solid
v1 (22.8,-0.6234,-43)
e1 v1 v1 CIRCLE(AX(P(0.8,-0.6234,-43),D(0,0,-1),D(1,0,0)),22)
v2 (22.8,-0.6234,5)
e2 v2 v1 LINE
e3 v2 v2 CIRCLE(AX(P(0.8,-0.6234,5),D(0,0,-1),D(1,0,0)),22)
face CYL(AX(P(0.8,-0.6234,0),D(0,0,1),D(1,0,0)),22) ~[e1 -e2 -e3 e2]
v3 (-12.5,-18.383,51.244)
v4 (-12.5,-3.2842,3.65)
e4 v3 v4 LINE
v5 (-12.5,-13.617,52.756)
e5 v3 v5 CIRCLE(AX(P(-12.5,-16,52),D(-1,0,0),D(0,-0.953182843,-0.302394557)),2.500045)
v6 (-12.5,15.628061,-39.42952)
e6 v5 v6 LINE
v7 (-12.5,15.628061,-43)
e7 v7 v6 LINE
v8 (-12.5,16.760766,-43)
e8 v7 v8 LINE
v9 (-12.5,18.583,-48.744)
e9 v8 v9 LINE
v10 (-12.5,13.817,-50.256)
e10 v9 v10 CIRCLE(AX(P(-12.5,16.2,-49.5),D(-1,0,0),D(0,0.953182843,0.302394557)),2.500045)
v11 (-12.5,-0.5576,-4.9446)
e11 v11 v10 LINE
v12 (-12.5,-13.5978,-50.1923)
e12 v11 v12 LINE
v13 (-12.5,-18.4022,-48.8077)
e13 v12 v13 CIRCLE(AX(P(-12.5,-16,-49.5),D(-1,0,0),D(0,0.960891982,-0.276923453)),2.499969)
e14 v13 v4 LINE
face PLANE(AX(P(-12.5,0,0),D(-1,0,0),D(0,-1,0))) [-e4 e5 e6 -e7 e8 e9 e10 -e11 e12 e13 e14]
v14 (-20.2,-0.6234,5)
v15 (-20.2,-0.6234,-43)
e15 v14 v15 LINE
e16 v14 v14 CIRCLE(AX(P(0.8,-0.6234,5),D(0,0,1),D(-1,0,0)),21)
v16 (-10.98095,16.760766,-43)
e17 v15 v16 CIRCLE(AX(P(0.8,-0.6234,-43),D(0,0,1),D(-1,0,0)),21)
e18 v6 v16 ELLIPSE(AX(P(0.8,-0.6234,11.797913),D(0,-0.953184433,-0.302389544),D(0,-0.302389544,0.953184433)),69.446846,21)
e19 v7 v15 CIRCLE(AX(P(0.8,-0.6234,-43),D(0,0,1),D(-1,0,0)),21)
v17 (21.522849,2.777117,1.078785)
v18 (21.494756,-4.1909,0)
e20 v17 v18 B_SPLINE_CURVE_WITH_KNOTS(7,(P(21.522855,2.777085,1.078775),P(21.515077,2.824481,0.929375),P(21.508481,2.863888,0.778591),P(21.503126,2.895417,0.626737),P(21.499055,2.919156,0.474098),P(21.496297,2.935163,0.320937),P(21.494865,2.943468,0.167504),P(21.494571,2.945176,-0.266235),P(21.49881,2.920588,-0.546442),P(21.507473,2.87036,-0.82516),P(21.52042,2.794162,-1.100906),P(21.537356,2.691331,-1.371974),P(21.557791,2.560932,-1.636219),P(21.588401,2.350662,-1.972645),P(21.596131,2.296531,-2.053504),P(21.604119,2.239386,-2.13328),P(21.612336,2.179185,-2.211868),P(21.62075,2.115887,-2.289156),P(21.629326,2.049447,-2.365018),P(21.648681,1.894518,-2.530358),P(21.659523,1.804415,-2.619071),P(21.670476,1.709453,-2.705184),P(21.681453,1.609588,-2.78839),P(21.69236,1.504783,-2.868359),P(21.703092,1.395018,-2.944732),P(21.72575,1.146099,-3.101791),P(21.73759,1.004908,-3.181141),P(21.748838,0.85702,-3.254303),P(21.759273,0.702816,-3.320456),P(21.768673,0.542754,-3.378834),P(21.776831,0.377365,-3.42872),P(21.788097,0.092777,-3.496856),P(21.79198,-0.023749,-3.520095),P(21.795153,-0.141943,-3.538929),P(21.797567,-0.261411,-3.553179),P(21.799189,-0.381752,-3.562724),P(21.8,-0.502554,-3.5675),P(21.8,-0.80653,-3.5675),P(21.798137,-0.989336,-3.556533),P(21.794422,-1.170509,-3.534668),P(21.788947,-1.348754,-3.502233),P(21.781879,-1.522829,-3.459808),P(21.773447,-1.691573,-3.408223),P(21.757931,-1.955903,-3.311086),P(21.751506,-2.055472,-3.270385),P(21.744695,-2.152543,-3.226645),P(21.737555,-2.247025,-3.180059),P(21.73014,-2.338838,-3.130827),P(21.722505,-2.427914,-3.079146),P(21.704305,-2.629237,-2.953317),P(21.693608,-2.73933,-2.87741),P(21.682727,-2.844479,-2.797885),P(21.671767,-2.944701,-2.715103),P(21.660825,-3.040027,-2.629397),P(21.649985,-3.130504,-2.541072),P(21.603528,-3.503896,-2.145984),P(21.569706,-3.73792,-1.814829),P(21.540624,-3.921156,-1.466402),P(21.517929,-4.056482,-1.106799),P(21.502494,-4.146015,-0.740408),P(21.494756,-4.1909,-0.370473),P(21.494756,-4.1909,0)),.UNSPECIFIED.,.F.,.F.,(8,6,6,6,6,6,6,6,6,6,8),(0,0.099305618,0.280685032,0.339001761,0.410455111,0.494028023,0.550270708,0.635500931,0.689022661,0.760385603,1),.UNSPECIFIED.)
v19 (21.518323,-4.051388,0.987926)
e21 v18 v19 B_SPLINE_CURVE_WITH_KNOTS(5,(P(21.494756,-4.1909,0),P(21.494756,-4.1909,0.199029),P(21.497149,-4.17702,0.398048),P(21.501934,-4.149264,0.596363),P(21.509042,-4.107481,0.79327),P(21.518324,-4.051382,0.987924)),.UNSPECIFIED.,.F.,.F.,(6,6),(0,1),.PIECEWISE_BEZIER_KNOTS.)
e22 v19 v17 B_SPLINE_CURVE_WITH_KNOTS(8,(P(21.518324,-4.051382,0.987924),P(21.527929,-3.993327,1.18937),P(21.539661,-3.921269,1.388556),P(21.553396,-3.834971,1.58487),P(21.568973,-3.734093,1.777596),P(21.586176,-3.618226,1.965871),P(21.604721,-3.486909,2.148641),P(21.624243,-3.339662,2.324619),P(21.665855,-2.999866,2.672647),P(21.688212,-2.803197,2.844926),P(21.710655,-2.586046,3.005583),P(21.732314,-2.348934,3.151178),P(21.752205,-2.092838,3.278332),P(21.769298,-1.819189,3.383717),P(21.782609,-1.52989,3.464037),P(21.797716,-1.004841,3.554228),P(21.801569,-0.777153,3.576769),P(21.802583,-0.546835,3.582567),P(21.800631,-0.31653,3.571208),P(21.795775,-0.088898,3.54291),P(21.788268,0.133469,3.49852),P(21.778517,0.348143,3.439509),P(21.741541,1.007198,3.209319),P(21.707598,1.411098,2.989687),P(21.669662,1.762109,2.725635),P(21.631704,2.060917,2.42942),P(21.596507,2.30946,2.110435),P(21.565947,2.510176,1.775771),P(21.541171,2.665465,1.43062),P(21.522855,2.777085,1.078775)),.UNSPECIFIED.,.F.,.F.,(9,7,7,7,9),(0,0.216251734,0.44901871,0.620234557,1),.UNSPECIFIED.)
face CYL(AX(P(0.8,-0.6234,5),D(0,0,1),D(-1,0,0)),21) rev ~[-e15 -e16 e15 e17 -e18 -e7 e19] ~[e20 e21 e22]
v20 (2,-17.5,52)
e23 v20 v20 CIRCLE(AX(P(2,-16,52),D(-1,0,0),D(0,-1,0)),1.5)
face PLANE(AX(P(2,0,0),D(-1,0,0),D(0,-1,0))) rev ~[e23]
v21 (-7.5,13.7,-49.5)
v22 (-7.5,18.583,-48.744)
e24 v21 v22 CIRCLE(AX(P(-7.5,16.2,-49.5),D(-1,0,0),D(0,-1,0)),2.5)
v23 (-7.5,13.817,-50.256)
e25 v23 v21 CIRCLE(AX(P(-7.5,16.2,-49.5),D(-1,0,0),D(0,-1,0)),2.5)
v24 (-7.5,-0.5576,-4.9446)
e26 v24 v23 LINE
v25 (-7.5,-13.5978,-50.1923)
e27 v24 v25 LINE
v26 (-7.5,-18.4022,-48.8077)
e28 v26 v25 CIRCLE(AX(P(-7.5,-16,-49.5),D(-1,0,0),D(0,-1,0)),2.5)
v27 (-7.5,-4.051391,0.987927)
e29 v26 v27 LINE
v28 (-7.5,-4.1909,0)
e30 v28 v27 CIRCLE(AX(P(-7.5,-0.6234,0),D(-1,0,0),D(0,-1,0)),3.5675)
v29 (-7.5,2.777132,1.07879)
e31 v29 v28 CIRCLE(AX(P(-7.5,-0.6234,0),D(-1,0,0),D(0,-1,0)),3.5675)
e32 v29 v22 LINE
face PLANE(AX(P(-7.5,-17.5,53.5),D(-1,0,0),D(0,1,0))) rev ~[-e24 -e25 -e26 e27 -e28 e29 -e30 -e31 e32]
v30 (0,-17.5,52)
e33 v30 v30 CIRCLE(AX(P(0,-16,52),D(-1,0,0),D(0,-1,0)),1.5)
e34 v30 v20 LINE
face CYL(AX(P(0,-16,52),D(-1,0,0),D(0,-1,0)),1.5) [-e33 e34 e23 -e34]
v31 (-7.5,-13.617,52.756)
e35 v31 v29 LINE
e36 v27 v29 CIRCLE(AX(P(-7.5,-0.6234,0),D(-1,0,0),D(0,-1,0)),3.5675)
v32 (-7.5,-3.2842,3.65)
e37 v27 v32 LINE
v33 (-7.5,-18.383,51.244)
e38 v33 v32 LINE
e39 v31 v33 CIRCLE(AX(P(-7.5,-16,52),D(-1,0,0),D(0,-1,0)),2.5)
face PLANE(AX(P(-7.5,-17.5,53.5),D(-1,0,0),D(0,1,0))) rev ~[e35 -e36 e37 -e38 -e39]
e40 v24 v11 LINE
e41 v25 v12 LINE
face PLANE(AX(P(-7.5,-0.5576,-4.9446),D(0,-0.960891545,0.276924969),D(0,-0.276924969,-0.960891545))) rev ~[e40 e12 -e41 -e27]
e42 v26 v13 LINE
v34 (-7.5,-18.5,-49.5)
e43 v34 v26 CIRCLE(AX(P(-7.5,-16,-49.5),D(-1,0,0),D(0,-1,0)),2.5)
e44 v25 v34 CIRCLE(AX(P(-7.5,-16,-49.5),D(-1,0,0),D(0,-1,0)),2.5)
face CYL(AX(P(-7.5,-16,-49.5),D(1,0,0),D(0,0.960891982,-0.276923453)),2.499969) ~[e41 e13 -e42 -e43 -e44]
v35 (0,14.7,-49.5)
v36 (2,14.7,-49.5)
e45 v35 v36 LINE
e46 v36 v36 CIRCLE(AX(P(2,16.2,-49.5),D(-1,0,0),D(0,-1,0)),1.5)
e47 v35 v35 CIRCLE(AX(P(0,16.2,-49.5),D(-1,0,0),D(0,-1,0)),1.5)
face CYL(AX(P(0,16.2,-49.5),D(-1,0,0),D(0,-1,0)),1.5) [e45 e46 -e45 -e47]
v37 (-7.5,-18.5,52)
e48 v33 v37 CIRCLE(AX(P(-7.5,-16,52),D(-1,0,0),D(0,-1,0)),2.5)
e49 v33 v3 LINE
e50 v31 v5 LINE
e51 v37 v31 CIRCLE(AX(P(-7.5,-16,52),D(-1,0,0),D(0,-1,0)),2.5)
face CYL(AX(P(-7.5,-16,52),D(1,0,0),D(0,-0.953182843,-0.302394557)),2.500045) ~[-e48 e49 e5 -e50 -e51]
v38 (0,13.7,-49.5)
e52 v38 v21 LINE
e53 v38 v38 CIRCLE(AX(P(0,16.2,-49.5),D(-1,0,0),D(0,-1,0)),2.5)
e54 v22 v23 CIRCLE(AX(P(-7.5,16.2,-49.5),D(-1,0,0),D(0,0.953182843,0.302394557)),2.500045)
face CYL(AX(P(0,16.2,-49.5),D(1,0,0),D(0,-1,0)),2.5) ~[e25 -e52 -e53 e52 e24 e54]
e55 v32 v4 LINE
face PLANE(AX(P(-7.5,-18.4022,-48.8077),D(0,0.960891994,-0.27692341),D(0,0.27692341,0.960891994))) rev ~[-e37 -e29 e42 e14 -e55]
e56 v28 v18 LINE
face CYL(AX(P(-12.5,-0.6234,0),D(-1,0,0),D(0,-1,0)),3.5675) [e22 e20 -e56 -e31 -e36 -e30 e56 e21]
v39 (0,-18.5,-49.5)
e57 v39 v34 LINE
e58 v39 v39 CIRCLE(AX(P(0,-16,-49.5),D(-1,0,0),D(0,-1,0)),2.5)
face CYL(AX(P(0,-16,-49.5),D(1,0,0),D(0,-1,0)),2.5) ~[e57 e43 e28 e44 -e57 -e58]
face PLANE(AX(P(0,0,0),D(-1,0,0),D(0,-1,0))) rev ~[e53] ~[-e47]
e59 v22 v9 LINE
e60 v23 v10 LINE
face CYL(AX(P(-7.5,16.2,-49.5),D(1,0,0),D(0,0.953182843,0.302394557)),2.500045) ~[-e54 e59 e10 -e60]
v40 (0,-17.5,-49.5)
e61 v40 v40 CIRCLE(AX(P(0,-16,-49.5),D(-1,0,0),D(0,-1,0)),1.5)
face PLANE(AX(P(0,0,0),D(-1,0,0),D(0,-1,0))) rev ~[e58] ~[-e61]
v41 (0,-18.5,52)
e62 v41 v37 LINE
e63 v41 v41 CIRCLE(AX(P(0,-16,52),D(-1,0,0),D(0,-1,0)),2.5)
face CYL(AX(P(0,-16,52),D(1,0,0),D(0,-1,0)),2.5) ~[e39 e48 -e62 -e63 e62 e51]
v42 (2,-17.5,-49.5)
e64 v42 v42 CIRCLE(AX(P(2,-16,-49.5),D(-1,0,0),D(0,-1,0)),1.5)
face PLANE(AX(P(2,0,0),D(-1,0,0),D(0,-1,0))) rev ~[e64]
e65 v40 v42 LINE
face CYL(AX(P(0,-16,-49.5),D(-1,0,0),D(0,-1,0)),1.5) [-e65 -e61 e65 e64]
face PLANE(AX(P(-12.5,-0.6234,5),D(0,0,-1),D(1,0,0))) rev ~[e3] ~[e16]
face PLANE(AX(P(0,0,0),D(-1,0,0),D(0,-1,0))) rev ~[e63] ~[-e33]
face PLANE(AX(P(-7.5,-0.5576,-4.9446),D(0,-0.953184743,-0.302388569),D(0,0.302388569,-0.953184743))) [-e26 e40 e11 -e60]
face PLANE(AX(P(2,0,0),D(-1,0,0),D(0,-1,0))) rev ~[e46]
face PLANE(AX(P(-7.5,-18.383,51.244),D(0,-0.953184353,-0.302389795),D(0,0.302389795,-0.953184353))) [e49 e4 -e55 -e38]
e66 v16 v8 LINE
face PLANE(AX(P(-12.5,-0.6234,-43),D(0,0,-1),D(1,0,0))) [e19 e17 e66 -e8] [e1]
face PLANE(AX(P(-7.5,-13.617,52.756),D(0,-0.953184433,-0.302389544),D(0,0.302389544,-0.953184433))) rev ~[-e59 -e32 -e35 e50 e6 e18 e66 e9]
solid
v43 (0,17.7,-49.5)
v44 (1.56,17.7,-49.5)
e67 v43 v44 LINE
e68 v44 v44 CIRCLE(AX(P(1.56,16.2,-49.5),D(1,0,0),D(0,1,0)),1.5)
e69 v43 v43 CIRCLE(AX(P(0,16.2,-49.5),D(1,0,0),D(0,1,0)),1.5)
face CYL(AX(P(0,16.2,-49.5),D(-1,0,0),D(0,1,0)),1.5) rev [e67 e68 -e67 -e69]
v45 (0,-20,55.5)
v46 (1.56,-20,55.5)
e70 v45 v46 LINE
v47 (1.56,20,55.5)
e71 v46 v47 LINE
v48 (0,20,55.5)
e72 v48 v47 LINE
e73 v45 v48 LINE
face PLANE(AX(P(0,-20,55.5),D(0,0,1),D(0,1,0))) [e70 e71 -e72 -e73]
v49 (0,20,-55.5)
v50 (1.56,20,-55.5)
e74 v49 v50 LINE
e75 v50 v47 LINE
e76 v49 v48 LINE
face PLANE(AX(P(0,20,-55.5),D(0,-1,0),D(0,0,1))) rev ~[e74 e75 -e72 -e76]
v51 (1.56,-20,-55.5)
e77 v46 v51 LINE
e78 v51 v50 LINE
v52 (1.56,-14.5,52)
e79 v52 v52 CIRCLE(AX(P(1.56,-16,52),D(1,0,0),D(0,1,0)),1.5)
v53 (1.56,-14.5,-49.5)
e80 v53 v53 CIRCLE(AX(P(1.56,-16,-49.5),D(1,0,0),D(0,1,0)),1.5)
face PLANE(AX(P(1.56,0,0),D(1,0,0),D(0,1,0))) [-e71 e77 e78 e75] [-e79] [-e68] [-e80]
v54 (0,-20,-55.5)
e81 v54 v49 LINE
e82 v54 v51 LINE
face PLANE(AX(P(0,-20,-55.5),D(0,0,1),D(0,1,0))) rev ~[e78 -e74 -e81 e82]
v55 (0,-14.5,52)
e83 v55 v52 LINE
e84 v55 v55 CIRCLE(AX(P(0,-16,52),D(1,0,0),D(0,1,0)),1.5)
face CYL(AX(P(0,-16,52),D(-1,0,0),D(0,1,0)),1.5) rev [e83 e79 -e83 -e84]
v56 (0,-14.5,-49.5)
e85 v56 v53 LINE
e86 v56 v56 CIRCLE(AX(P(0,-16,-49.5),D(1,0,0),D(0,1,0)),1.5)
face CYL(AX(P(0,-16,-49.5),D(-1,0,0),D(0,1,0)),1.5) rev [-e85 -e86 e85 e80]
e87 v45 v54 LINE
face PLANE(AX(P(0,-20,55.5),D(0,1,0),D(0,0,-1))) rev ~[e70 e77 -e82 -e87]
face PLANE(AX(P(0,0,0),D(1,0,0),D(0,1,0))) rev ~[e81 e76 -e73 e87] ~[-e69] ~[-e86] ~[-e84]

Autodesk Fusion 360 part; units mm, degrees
sketch "Sketch1" plane through (0, 0, 0) normal (1, 0, 0) x (0, 1, 0) in component "chipshouter pcb"
  line L0 (-20, 55.5) -> (20, 55.5)
  line L1 (-20, 55.5) -> (-20, -55.5)
  line L2 (-20, -55.5) -> (20, -55.5)
  line L3 (20, -55.5) -> (20, 55.5)
  line L4 (20, 55.5) -> (-20, -55.5) construction
  circle A0 centre (-16, 52) radius 1.5
  circle A1 centre (-16, -49.5) radius 1.5
  circle A2 centre (16.2, -49.5) radius 1.5
  dimension "d1" = 40
  dimension "d2" = 111
  dimension "d3" = 3
  dimension "d5" = 3.5
  dimension "d6" = 4
  dimension "d7" = 3
  dimension "d8" = 6
  dimension "d9" = 4
  dimension "d10" = 3
  dimension "d11" = 6
  dimension "d12" = 3.8
extrude "Extrude1" add sketch "Sketch1" along normal blind 1.56 makes body 1 in component "chipshouter pcb"
sketch "Sketch2" plane through (0, 0, 0) normal (-1, 0, 0) x (0, -1, 0) in component "pcb holder"
  circle A0 centre (-16.2, -49.5) radius 1.5
  circle A1 centre (16, -49.5) radius 1.5
  circle A2 centre (16, 52) radius 1.5
  line L0 (20, -55.5) -> (20, 55.5)
  line L1 (20, 55.5) -> (-20, 55.5)
  line L2 (-20, 55.5) -> (-20, -55.5)
  line L3 (-20, -55.5) -> (20, -55.5)
  circle A3 centre (16, 52) radius 1.5
  circle A4 centre (16, -49.5) radius 1.5
  circle A5 centre (-16.2, -49.5) radius 1.5
  dimension "d15" = 3
  dimension "d16" = 3
  dimension "d17" = 3
extrude "Extrude1'" add sketch "Sketch2" against normal blind 2 separate body contours A2 A3 makes body 2 in component "pcb holder"
extrude "Extrude2" add sketch "Sketch2" against normal blind 2 separate body contours A1 A4 makes body 3 in component "pcb holder"
extrude "Extrude3" add sketch "Sketch2" against normal blind 2 separate body contours A0 A5 makes body 4 in component "pcb holder"
sketch "Sketch3" plane through (0, 0, 0) normal (-1, 0, 0) x (0, -1, 0) in component "pcb holder"
  circle A0 centre (16, 52) radius 2.5
  circle A1 centre (16, -49.5) radius 2.5
  circle A2 centre (-16.2, -49.5) radius 2.5
  point P0 (16, 52)
  point P1 (16, -49.5)
  point P2 (-16.2, -49.5)
  dimension "d24" = 5
  dimension "d25" = 5
  dimension "d26" = 5
extrude "Extrude4" add sketch "Sketch3" along normal blind 7.5 contours A2 bodies 4 in component "pcb holder"
extrude "Extrude5" add sketch "Sketch3" along normal blind 7.5 contours A1 bodies 3 in component "pcb holder"
extrude "Extrude6" add sketch "Sketch3" along normal blind 7.5 contours A0 bodies 2 in component "pcb holder"
sketch "Sketch5" plane through (-7.5, 0, 0) normal (-1, 0, 0) x (0, -1, 0) in component "pcb holder"
  circle A0 centre (16, 52) radius 2.5
  point P0 (16, 52)
sketch "Sketch6" plane through (-7.5, 0, 0) normal (-1, 0, 0) x (0, -1, 0) in component "pcb holder"
  circle A0 centre (16, -49.5) radius 2.5
  point P0 (16, -49.5)
sketch "Sketch7" plane through (-7.5, 0, 0) normal (-1, 0, 0) x (0, -1, 0) in component "pcb holder"
  circle A0 centre (-16.2, -49.5) radius 2.5
  point P0 (-16.2, -49.5)
ref_plane "WorkPlane1" through (-7.5, -16, 52) normal (-1, 0, 0) x (0, -1, 0) in component "pcb holder"
sketch "Sketch8" plane through (-7.5, -17.5, 53.5) normal (-1, 0, 0) x (0, 1, 0) in component "pcb holder"
  line L0 (-0.883, 2.256) -> (31.317, 103.756) construction
  line L1 (3.883, 0.744) -> (36.083, 102.244)
  circle A0 centre (1.5, 1.5) radius 2.5 construction
  circle A1 centre (33.7, 103) radius 2.5 construction
  line L2 (0, 0) -> (33.7, 103) construction
  circle A2 centre (16.85, 51.5) radius 2.0119 construction
  circle A3 centre (1.5, 103) radius 2.5 construction
  line L3 (3.9022, 103.6923) -> (18.7832, 52.0571) construction
  circle A4 centre (1.5, 103) radius 2.5 construction
  line L4 (16.9424, 58.4446) -> (3.9022, 103.6923)
  line L5 (-0.9022, 102.3077) -> (14.2158, 49.85)
  line L6 (16.9424, 58.4446) -> (31.317, 103.756)
  line L7 (-0.883, 2.256) -> (14.2158, 49.85)
  arc A5 (-0.883, 2.256) -> (3.883, 0.744) centre (1.5, 1.5) ccw
  arc A6 (36.083, 102.244) -> (31.317, 103.756) centre (33.7, 103) ccw
  arc A7 (3.9022, 103.6923) -> (-0.9022, 102.3077) centre (1.5, 103) ccw
  point P0 (16.85, 51.5)
extrude "Extrude7" add sketch "Sketch8" along normal blind 5 bodies 2 3 4 in component "pcb holder"
sketch "Sketch9" plane through (-12.5, 0, 0) normal (-1, 0, 0) x (0, -1, 0) in component "pcb holder"
  line L0 (0.5576, -4.9446) -> (13.5978, -50.1923)
  arc A0 (13.5978, -50.1923) -> (18.4022, -48.8077) centre (16, -49.5) ccw
  line L1 (18.4022, -48.8077) -> (3.2842, 3.65)
  line L2 (3.2842, 3.65) -> (18.383, 51.244)
  arc A1 (18.383, 51.244) -> (13.617, 52.756) centre (16, 52) ccw
  line L3 (13.617, 52.756) -> (-18.583, -48.744)
  arc A2 (-18.583, -48.744) -> (-13.817, -50.256) centre (-16.2, -49.5) ccw
  line L4 (-13.817, -50.256) -> (0.5576, -4.9446)
  circle A3 centre (0.6234, 0) radius 3.5675
  line L5 (0.6234, 0) -> (-3.1193, 0) construction
  point P0 (0.6234, 0)
sketch "Sketch10" plane through (0, 2.8341, 0.8991) normal (0, 0.9532, 0.3024) x (-1, 0, 0) in component "pcb holder"
  line L0 (7.5, 54.4038) -> (7.5, -52.0813)
  line L1 (7.5, -52.0813) -> (12.5, -52.0813)
  line L2 (12.5, -52.0813) -> (12.5, 54.4038)
  line L3 (12.5, 54.4038) -> (7.5, 54.4038)
  line L4 (12.5, -0.9433) -> (7.5, -0.9433) construction
  point P0 (12.5, 0.1885)
  point P1 (12.5, -0.9433)
ref_plane "WorkPlane2" through (-12.5, -0.6234, 0) normal (0, 0, -1) x (-1, 0, 0) in component "pcb holder"
sketch "Sketch11" plane through (-12.5, -0.6234, 0) normal (0, 0, -1) x (1, 0, 0) in component "pcb holder"
  circle A0 centre (13.3, 0) radius 22
  line L0 (0, 0) -> (13.3, 0) construction
  dimension "d35" = 44
  dimension "d49" = 13.3
extrude "Extrude8" add sketch "Sketch11" along normal blind 43 separate body makes body 5 in component "pcb holder"
extrude "Extrude9" add 1 faces at (2.4318, 6.5261, 0) along direction (0, 0, 1) blind 5 on bodies 5 bodies 5 in component "pcb holder"
sketch "Sketch12" plane through (0, 0, 5) normal (0, 0, 1) x (-1, 0, 0) in component "pcb holder"
  circle A0 centre (-0.8, 0.6234) radius 22
  circle A1 centre (-0.8, 0.6234) radius 21
  dimension "d42" = 42
extrude "Extrude10" cut sketch "Sketch12" against normal up to surface (48 mm away) contours A1 bodies 5 in component "pcb holder"
extrude "Extrude11" add sketch "Sketch9" along normal up to surface contours A3 end surface at (22.7727, 0.4732, -28.6667) on bodies 5 bodies 5 2 in component "pcb holder"
component "chipshouter pcb" placed x (1, 0, 0) y (0, 1, 0) z (0, 0, 1) at (0, 0, 0)
component "pcb holder" placed x (1, 0, 0) y (0, 1, 0) z (0, 0, 1) at (0, 0, 0)
equation "d3 = pcb_hole_diameter"
equation "d5 = 2 mm + ( pcb_hole_diameter / 2 mm ) * 1 mm"
equation "d6 = 2.5 mm + ( pcb_hole_diameter / 2 mm ) * 1 mm"
equation "d7 = pcb_hole_diameter"
equation "d8 = 4.5 mm + pcb_hole_diameter / 2"
equation "d9 = 2.5 mm + pcb_hole_diameter / 2"
equation "d10 = pcb_hole_diameter"
equation "d11 = 4.5 mm + pcb_hole_diameter / 2"
equation "d12 = 2.3 mm + pcb_hole_diameter / 2"
equation "pcb_hole_diameter = 3 mm"
